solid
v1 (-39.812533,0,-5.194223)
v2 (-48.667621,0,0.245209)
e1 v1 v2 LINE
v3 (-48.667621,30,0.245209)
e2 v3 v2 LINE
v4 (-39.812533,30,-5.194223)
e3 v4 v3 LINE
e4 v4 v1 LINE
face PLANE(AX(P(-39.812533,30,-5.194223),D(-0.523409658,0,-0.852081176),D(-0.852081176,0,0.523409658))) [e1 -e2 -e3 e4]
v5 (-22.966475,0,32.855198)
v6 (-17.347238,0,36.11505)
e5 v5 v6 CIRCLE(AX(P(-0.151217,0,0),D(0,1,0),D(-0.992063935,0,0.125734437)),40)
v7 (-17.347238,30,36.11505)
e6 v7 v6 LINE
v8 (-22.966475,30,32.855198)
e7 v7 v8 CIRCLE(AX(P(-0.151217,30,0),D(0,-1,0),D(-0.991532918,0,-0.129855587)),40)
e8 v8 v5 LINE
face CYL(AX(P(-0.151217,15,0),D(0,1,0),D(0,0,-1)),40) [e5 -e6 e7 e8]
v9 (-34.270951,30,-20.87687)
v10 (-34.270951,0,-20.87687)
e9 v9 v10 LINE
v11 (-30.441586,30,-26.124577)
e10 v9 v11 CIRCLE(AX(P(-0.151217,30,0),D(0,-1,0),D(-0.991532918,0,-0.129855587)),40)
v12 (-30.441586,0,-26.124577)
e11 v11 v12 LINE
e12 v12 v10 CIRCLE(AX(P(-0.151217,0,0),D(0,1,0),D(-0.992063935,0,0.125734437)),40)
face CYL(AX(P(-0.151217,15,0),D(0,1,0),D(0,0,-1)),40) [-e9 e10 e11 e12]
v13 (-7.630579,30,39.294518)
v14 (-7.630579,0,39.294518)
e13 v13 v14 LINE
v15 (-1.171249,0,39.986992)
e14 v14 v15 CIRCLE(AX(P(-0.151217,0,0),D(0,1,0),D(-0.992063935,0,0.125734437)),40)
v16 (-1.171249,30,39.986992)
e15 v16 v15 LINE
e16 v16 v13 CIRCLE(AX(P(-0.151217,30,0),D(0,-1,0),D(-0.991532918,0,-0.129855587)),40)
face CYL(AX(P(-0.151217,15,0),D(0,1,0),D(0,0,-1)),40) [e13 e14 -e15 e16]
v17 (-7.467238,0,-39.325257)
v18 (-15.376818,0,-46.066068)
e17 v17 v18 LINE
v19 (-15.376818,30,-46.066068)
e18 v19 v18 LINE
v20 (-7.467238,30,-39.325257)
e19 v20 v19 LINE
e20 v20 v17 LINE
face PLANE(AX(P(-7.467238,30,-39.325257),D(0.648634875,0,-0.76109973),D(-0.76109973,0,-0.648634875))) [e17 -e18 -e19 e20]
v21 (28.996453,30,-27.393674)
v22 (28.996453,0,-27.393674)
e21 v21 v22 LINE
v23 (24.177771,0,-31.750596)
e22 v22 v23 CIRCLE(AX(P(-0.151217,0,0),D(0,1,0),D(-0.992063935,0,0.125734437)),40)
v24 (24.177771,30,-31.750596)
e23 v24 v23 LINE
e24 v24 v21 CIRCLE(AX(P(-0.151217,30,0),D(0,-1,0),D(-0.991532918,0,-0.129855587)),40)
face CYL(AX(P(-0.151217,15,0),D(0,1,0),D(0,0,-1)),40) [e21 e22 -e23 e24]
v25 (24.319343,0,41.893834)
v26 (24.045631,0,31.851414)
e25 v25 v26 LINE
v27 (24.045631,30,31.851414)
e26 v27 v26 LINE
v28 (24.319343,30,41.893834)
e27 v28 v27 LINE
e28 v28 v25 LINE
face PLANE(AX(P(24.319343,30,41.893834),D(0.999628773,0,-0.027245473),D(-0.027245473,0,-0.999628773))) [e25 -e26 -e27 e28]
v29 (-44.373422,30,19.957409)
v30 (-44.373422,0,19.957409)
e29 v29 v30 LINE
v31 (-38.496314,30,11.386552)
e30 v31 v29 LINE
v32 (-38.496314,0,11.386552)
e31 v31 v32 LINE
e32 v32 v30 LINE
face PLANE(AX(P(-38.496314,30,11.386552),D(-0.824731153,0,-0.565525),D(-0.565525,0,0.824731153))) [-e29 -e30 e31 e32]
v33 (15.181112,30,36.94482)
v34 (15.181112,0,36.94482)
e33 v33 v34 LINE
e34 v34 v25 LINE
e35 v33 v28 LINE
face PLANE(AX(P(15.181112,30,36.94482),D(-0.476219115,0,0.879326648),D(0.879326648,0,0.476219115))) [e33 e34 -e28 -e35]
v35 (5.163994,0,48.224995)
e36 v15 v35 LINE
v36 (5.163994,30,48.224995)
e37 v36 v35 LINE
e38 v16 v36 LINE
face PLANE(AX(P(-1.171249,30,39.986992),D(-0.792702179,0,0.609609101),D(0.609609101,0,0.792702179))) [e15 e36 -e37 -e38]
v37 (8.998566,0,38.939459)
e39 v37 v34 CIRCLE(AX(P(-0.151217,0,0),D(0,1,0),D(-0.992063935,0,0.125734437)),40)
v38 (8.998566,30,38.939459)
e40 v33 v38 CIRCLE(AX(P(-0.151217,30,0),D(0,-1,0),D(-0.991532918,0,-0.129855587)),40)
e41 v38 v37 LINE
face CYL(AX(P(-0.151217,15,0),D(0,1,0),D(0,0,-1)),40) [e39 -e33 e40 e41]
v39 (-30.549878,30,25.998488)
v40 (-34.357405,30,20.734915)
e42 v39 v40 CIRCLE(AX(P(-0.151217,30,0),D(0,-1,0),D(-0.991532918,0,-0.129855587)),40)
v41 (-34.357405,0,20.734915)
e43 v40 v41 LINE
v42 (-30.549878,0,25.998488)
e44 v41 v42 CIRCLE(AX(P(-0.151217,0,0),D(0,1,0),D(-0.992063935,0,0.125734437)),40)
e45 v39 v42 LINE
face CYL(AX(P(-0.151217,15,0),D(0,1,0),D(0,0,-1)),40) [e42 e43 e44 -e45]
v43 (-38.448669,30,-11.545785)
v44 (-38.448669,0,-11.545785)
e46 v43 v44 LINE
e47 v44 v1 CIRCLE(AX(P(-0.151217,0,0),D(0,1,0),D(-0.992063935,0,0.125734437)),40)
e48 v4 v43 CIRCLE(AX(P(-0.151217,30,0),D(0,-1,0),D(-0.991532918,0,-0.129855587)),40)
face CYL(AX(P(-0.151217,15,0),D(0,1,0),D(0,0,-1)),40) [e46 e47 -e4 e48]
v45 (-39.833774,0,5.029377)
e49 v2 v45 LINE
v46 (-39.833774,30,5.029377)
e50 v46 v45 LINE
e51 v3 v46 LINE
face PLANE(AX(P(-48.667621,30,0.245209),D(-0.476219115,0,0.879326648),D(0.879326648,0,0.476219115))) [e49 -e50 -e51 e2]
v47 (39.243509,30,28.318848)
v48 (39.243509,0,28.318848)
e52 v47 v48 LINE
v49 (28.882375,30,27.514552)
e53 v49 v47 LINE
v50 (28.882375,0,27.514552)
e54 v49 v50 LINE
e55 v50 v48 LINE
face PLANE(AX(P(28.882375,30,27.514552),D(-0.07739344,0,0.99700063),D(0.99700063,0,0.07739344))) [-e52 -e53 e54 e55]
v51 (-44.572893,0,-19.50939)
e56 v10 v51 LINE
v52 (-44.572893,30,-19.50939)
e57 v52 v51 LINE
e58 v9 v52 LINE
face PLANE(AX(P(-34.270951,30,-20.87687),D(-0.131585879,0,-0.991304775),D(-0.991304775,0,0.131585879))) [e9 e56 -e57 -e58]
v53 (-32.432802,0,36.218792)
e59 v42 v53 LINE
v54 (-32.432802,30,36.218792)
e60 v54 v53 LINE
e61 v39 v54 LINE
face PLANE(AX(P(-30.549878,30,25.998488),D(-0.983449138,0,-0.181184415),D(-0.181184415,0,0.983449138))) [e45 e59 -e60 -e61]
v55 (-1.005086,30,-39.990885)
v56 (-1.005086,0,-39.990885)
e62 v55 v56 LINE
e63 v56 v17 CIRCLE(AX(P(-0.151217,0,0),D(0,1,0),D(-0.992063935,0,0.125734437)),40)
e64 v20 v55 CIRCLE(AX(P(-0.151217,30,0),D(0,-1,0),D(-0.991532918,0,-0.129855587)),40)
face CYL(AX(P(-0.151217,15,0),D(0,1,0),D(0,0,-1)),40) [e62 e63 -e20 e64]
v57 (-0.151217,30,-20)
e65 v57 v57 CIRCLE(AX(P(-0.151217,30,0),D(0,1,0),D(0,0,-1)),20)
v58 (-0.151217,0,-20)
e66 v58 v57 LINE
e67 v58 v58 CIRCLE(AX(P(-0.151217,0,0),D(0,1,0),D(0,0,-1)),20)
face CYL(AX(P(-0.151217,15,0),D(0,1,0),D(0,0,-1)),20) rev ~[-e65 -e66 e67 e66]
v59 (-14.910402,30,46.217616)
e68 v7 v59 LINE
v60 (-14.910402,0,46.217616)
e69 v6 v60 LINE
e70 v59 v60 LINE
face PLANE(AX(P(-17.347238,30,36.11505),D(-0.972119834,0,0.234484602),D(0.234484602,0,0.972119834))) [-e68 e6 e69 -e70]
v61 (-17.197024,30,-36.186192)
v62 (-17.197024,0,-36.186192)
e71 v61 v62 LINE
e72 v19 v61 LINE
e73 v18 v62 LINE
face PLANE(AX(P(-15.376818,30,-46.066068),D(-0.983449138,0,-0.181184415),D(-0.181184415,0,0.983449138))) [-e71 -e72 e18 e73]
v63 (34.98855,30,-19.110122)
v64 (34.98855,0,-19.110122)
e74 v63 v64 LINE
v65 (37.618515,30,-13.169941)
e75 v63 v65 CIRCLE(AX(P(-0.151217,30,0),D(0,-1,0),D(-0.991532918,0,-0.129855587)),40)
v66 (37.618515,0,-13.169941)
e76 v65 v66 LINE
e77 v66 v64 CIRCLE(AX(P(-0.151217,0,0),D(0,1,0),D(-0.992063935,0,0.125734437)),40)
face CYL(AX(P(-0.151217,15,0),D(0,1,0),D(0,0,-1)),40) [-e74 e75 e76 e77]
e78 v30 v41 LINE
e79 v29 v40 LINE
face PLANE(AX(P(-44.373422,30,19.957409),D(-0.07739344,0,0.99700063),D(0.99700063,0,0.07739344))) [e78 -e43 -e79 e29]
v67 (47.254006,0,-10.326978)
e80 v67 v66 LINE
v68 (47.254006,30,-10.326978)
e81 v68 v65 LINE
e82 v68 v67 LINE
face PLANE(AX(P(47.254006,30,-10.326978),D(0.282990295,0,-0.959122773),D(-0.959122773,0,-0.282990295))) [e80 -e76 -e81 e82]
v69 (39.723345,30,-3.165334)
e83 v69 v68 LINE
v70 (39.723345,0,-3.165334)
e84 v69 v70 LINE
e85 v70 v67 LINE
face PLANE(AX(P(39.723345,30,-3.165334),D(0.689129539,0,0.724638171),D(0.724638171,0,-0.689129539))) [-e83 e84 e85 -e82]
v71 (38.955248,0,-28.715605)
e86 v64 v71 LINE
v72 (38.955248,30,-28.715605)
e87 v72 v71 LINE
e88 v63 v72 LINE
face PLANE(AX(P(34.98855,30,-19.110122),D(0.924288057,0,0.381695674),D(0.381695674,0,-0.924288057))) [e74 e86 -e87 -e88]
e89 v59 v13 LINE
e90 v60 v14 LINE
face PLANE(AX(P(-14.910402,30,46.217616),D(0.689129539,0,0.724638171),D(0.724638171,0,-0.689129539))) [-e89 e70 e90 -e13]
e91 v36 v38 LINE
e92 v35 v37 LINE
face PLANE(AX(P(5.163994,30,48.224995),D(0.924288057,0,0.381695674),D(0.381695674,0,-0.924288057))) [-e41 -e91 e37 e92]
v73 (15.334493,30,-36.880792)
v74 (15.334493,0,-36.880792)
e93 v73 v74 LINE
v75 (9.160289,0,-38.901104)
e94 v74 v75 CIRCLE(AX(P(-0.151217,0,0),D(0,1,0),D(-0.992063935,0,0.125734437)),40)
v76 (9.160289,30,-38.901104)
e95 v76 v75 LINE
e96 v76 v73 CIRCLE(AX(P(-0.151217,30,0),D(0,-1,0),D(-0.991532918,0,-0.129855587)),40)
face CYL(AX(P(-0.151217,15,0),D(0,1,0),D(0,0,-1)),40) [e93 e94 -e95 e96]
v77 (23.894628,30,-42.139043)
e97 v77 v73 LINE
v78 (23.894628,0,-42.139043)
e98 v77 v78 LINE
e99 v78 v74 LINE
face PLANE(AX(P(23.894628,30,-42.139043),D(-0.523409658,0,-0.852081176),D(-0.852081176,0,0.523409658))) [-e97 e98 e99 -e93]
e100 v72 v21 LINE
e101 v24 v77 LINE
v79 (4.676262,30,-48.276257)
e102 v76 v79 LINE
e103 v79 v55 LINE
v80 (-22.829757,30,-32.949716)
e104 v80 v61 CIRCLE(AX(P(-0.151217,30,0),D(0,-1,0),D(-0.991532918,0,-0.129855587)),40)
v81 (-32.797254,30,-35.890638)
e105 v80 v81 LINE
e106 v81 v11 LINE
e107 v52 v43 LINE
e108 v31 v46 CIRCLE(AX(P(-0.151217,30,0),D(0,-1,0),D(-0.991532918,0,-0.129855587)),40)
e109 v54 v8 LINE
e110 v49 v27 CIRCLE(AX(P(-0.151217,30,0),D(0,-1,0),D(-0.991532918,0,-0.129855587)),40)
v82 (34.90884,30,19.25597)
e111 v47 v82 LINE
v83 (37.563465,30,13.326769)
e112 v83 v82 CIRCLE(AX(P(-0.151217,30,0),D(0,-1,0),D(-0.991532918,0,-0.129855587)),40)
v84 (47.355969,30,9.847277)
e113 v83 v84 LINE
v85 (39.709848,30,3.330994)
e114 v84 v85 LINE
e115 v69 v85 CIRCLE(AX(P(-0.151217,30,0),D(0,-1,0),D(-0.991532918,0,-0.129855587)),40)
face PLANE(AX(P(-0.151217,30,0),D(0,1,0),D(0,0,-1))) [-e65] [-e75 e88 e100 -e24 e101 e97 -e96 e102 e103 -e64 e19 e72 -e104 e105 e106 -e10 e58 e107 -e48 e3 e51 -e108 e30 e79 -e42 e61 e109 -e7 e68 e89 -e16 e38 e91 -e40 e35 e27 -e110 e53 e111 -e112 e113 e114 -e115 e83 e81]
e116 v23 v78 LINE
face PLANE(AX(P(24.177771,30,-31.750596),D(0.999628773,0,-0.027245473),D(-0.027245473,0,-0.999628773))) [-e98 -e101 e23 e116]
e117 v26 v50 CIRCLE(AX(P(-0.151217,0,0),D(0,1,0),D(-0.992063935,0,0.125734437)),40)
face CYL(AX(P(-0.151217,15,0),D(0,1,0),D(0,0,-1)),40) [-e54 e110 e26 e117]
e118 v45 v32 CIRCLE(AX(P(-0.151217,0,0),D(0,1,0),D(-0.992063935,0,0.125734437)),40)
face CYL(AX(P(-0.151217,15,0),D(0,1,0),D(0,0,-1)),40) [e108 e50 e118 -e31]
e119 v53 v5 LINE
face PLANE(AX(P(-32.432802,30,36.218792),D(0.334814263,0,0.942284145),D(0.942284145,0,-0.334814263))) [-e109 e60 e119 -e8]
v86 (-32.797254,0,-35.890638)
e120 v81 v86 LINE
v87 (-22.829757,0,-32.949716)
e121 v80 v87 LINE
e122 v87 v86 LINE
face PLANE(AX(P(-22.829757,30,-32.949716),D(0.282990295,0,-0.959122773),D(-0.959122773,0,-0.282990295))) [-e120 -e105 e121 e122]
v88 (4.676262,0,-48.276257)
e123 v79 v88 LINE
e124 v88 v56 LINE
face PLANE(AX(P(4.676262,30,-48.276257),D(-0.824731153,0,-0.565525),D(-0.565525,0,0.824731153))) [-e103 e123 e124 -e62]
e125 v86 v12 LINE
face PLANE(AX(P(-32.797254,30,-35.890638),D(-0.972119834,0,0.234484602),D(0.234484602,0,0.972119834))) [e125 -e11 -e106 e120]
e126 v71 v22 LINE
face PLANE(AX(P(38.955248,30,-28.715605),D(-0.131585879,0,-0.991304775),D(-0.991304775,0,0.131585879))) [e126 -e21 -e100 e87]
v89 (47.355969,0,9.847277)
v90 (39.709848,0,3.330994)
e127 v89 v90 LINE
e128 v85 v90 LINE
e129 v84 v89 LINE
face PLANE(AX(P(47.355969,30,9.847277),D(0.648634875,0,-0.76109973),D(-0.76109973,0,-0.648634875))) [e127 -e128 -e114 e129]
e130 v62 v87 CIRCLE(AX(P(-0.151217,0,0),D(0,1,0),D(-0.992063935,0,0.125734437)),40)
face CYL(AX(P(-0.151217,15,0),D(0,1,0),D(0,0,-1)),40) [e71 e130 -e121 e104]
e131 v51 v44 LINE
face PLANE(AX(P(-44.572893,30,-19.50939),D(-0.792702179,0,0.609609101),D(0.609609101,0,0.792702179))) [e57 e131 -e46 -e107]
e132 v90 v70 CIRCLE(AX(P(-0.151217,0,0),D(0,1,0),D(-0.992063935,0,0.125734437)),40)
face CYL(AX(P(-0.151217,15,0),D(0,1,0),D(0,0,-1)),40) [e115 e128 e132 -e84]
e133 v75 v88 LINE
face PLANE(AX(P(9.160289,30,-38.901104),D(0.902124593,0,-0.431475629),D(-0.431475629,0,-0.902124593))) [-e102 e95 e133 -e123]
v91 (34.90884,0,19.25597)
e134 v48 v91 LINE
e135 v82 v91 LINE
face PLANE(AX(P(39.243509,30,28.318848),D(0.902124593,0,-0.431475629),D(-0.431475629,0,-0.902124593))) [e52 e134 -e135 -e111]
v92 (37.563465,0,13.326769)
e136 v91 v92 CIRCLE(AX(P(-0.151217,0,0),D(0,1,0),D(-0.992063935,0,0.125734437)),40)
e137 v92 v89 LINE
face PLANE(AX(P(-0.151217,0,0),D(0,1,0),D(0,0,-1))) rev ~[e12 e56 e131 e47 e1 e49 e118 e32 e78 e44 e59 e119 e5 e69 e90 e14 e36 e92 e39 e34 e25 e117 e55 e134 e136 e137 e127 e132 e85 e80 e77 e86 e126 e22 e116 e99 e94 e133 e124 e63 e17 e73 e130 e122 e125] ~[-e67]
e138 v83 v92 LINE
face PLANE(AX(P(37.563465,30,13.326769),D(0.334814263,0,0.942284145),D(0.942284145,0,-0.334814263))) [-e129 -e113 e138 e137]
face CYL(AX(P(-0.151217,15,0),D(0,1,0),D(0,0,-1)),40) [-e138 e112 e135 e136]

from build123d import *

# Parameters (mm, degrees)
SKETCH_16_W              = 20
SKETCH_16_H              = 30
EXTRUDE_2_DEPTH          = 30
PATTERN_CIRCULAR_3_COUNT = 15


with BuildPart() as part:
    # 草图16 → 旋转5 (revolve)
    with BuildSketch(Plane.XY, mode=Mode.PRIVATE) as revolve_5_sk:
        with Locations((-30.151216768, 15)):
            Rectangle(SKETCH_16_W, SKETCH_16_H)
    revolve(revolve_5_sk.sketch.rotate(Axis((-0.151216768, 0, 0), (0, 1, 0)), 270), axis=Axis((-0.151216768, 0, 0), (0, 1, 0)))

    # 草图17 → 凸台-拉伸2 (add, through all)
    with BuildSketch(Plane(origin=(0, 30, 0), x_dir=(1, 0, 0), z_dir=(0, 1, 0))):
        with BuildLine():
            Line((-48.6676208, -0.245209253), (-39.833774171, -5.029377496))
            ThreePointArc((-39.833774171, -5.029377496), (-40.151130439, 0.083104397), (-39.81253347, 5.194223472))
            Line((-39.81253347, 5.194223472), (-48.6676208, -0.245209253))
        make_face()
    extrude_2 = extrude(amount=-EXTRUDE_2_DEPTH)

    # 阵列(圆周)3: 凸台-拉伸2 ×15 about axis
    pattern_circular_3_axis = Axis((-0.151216768, 0, 0), (0, 1, 0))
    for i in range(1, PATTERN_CIRCULAR_3_COUNT):
        add(extrude_2.rotate(pattern_circular_3_axis, i * 360 / PATTERN_CIRCULAR_3_COUNT))


solid = part.part
